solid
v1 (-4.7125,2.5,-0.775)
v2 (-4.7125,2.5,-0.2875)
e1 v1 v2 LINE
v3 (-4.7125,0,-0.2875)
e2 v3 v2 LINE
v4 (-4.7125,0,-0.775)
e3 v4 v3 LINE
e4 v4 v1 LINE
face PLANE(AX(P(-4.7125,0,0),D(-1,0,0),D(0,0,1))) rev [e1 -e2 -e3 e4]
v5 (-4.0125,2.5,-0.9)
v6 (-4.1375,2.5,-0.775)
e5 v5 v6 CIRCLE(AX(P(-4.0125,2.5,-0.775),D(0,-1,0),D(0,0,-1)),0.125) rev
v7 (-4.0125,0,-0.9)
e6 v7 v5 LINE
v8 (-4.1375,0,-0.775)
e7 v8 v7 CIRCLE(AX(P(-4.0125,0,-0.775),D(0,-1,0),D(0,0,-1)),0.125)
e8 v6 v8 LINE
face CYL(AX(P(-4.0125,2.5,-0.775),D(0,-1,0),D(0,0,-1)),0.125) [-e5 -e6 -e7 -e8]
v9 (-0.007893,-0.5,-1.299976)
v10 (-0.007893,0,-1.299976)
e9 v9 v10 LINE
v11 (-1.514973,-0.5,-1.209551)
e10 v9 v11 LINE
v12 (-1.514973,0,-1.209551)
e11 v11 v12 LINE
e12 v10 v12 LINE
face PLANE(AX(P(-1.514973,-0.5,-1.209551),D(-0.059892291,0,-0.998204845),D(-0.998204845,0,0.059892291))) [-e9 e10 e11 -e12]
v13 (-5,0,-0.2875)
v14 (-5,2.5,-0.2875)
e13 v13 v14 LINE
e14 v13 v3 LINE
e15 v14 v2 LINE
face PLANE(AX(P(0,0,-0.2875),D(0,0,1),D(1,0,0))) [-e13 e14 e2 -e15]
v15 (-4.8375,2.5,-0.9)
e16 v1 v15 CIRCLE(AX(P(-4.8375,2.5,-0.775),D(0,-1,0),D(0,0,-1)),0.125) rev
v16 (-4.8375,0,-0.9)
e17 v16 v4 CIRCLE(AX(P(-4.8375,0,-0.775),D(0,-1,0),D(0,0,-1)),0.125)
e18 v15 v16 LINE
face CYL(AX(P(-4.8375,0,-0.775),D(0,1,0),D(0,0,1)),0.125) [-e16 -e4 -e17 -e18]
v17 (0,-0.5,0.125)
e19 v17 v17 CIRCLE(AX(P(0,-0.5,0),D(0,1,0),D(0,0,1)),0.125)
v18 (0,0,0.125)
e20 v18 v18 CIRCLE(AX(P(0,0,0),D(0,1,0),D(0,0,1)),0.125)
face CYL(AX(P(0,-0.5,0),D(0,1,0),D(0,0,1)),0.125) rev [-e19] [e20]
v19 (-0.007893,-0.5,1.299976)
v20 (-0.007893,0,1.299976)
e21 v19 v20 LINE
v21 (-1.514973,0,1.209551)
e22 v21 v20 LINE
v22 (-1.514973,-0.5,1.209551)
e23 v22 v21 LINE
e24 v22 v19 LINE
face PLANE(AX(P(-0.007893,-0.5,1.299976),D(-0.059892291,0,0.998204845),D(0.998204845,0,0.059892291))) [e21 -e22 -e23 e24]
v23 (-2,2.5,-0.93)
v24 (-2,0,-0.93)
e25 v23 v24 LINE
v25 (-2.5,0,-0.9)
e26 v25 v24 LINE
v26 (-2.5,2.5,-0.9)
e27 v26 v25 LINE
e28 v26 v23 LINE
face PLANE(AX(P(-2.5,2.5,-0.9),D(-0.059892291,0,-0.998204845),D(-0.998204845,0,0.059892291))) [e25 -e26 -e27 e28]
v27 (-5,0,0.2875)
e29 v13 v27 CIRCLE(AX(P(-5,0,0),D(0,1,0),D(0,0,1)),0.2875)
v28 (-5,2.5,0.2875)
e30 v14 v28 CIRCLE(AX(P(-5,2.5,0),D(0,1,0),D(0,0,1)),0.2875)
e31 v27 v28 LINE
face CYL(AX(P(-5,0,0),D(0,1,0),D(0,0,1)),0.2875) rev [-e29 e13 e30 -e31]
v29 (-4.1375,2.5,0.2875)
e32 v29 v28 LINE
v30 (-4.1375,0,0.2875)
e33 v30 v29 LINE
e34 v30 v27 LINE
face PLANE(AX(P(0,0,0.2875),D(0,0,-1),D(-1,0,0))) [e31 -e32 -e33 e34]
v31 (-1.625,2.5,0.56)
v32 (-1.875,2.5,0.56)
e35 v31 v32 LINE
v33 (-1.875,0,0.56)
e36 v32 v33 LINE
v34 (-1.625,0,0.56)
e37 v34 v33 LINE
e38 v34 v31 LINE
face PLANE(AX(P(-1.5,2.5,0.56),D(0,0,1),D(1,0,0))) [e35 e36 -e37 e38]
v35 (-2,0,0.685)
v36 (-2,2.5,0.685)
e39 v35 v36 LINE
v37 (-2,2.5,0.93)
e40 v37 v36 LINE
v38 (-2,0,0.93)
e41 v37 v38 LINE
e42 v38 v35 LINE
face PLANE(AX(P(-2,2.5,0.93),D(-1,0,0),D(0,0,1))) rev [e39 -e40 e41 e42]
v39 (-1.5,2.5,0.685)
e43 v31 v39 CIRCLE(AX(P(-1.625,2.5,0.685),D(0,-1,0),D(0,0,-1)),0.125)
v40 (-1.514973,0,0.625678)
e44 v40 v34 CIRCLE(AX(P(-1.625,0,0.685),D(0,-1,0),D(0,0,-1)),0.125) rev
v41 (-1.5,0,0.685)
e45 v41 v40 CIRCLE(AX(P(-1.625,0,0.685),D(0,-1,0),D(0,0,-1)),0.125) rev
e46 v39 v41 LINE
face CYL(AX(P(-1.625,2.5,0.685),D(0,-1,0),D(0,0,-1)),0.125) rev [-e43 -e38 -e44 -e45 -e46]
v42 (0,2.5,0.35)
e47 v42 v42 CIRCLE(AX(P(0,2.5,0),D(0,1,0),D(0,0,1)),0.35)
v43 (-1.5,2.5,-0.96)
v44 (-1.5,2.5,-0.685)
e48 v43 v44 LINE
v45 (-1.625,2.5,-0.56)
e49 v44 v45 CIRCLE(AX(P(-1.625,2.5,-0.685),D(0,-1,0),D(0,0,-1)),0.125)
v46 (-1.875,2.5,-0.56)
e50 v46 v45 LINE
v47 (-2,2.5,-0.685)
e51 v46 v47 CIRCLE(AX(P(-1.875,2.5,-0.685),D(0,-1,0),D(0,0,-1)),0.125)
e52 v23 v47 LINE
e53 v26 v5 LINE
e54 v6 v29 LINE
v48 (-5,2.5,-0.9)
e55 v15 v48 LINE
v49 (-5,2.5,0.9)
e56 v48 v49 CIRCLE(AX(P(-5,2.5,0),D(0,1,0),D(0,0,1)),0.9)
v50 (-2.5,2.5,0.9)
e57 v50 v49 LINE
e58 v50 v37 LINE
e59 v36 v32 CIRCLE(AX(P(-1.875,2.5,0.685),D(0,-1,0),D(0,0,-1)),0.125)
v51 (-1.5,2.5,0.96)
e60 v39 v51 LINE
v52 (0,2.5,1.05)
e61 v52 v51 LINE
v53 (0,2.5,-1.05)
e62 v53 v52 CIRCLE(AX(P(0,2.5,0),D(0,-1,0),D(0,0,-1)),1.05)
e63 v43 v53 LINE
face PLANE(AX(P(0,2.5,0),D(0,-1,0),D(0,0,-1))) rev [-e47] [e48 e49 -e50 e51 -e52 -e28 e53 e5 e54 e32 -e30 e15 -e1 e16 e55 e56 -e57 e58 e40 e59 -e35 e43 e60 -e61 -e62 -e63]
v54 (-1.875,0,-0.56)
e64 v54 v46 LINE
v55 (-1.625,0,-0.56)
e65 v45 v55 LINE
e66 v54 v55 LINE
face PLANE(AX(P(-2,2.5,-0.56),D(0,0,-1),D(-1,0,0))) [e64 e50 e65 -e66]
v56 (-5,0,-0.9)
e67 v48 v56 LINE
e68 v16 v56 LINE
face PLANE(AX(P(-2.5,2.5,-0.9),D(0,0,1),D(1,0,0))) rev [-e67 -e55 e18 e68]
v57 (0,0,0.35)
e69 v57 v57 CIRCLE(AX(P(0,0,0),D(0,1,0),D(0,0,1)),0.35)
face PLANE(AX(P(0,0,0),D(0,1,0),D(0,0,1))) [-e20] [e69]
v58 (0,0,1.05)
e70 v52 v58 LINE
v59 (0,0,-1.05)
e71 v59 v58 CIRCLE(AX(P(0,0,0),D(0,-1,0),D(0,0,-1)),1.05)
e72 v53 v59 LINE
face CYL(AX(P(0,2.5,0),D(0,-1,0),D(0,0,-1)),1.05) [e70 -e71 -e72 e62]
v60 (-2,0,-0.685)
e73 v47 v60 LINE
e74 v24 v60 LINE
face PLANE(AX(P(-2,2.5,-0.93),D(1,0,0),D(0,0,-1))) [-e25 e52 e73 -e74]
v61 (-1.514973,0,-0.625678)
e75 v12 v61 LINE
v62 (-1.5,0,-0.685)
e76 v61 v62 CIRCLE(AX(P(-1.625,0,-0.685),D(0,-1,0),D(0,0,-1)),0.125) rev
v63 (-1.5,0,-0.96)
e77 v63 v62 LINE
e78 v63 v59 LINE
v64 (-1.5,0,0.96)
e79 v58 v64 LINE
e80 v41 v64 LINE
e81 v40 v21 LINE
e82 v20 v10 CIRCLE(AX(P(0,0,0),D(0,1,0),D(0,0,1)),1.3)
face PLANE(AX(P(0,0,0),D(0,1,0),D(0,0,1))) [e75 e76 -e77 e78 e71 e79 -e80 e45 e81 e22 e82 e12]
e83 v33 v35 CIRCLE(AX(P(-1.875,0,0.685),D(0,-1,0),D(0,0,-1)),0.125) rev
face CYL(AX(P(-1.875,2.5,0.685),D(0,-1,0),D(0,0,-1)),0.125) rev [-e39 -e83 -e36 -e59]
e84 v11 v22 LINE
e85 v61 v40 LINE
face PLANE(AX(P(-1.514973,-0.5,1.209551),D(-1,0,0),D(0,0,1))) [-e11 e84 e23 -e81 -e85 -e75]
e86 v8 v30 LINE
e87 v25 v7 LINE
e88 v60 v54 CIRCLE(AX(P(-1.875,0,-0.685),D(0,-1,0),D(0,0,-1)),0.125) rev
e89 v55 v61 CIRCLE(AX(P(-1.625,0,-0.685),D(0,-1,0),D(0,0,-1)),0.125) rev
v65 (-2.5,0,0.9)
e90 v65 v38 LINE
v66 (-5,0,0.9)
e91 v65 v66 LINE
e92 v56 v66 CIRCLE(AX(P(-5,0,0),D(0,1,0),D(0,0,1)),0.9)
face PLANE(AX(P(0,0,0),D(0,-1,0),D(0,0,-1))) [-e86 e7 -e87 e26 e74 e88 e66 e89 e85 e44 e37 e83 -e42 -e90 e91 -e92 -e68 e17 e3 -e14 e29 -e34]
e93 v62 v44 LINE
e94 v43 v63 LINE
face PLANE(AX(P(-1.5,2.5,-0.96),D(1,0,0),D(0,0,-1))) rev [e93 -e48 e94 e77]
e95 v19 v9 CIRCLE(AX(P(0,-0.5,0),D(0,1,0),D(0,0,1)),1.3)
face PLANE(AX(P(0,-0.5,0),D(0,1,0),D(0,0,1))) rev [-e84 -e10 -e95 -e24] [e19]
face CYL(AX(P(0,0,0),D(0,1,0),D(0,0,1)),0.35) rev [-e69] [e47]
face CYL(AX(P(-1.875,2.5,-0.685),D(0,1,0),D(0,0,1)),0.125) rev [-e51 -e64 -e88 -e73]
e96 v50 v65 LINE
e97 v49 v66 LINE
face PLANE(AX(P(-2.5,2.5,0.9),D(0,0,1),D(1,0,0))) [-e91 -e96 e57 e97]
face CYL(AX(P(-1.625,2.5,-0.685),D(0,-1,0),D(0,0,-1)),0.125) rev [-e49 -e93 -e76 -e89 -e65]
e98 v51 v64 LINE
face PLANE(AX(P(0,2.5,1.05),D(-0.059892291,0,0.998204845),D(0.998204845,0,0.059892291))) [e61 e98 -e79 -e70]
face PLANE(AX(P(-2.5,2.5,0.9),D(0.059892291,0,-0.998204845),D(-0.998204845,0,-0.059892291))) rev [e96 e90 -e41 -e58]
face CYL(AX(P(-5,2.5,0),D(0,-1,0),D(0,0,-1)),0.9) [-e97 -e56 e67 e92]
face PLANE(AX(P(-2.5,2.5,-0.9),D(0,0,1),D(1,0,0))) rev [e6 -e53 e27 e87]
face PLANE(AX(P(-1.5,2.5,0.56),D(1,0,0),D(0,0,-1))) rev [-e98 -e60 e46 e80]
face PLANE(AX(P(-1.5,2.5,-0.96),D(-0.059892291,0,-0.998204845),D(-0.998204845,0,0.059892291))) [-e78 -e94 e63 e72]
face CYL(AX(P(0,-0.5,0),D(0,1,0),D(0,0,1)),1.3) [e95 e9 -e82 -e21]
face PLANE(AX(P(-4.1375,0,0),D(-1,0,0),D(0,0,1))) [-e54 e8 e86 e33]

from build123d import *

# Parameters (mm, degrees)
BOSS_EXTRUDE1_DEPTH = 2.5
SKETCH4_R           = 0.35
THROUGH_HOLES_DEPTH = 7.493265742
FILLET1_R           = 0.125
SKETCH5_R           = 0.125
BOSS_EXTRUDE2_DEPTH = 0.5


with BuildPart() as part:
    # Sketch3 → Boss-Extrude1 (new body)
    with BuildSketch(Plane(origin=(0, 0, 0), x_dir=(1, 0, 0), z_dir=(0, 1, 0))):
        with BuildLine():
            Line((-2.5, 0.9), (-2, 0.93))
            Line((-2, 0.93), (-2, 0.56))
            Line((-2, 0.56), (-1.5, 0.56))
            Line((-1.5, 0.56), (-1.5, 0.96))
            Line((-1.5, 0.96), (0, 1.05))
            ThreePointArc((0, 1.05), (1.05, 0), (0, -1.05))
            Line((0, -1.05), (-1.5, -0.96))
            Line((-1.5, -0.96), (-1.5, -0.56))
            Line((-1.5, -0.56), (-2, -0.56))
            Line((-2, -0.56), (-2, -0.93))
            Line((-2, -0.93), (-2.5, -0.9))
            Line((-2.5, -0.9), (-5, -0.9))
            ThreePointArc((-5, -0.9), (-5.9, 0), (-5, 0.9))
            Line((-5, 0.9), (-2.5, 0.9))
        make_face()
    extrude(amount=BOSS_EXTRUDE1_DEPTH)

    # Sketch4 → Through Holes (cut, through all)
    with BuildSketch(Plane(origin=(0, 2.5, 0), x_dir=(1, 0, 0), z_dir=(0, 1, 0))):
        with BuildLine():
            Line((-4.1375, 0.9), (-4.7125, 0.9))
            Line((-4.7125, 0.9), (-4.7125, 0.2875))
            Line((-4.7125, 0.2875), (-5, 0.2875))
            ThreePointArc((-5, 0.2875), (-5.2875, 0), (-5, -0.2875))
            Line((-5, -0.2875), (-4.1375, -0.2875))
            Line((-4.1375, -0.2875), (-4.1375, 0.9))
        make_face()
        with Locations(Location((0, 0, 0), (0, 0, 270))):
            Circle(SKETCH4_R)
    extrude(amount=-THROUGH_HOLES_DEPTH, mode=Mode.SUBTRACT)

    # Fillet1
    fillet1_edges = [part.edges().sort_by_distance(p)[0] for p in [
        (-2, 1.25, 0.56),
        (-1.5, 1.25, 0.56),
        (-1.5, 1.25, -0.56),
        (-2, 1.25, -0.56),
        (-4.7125, 1.25, -0.9),
        (-4.1375, 1.25, -0.9),
    ]]
    fillet(fillet1_edges, radius=FILLET1_R)

    # Sketch5 → Boss-Extrude2 (add)
    with BuildSketch(Plane(origin=(0, 0, 0), x_dir=(1, 0, 0), z_dir=(0, 1, 0))):
        with BuildLine():
            Line((-1.514973073, -1.209551211), (-1.514973073, 1.209551211))
            Line((-1.514973073, 1.209551211), (-0.007892579, 1.299976041))
            ThreePointArc((-0.007892579, 1.299976041), (1.3, 0), (-0.007892579, -1.299976041))
            Line((-0.007892579, -1.299976041), (-1.514973073, -1.209551211))
        make_face()
        with Locations(Location((0, 0, 0), (0, 0, 270))):
            Circle(SKETCH5_R, mode=Mode.SUBTRACT)
    extrude(amount=-BOSS_EXTRUDE2_DEPTH)


solid = part.part
